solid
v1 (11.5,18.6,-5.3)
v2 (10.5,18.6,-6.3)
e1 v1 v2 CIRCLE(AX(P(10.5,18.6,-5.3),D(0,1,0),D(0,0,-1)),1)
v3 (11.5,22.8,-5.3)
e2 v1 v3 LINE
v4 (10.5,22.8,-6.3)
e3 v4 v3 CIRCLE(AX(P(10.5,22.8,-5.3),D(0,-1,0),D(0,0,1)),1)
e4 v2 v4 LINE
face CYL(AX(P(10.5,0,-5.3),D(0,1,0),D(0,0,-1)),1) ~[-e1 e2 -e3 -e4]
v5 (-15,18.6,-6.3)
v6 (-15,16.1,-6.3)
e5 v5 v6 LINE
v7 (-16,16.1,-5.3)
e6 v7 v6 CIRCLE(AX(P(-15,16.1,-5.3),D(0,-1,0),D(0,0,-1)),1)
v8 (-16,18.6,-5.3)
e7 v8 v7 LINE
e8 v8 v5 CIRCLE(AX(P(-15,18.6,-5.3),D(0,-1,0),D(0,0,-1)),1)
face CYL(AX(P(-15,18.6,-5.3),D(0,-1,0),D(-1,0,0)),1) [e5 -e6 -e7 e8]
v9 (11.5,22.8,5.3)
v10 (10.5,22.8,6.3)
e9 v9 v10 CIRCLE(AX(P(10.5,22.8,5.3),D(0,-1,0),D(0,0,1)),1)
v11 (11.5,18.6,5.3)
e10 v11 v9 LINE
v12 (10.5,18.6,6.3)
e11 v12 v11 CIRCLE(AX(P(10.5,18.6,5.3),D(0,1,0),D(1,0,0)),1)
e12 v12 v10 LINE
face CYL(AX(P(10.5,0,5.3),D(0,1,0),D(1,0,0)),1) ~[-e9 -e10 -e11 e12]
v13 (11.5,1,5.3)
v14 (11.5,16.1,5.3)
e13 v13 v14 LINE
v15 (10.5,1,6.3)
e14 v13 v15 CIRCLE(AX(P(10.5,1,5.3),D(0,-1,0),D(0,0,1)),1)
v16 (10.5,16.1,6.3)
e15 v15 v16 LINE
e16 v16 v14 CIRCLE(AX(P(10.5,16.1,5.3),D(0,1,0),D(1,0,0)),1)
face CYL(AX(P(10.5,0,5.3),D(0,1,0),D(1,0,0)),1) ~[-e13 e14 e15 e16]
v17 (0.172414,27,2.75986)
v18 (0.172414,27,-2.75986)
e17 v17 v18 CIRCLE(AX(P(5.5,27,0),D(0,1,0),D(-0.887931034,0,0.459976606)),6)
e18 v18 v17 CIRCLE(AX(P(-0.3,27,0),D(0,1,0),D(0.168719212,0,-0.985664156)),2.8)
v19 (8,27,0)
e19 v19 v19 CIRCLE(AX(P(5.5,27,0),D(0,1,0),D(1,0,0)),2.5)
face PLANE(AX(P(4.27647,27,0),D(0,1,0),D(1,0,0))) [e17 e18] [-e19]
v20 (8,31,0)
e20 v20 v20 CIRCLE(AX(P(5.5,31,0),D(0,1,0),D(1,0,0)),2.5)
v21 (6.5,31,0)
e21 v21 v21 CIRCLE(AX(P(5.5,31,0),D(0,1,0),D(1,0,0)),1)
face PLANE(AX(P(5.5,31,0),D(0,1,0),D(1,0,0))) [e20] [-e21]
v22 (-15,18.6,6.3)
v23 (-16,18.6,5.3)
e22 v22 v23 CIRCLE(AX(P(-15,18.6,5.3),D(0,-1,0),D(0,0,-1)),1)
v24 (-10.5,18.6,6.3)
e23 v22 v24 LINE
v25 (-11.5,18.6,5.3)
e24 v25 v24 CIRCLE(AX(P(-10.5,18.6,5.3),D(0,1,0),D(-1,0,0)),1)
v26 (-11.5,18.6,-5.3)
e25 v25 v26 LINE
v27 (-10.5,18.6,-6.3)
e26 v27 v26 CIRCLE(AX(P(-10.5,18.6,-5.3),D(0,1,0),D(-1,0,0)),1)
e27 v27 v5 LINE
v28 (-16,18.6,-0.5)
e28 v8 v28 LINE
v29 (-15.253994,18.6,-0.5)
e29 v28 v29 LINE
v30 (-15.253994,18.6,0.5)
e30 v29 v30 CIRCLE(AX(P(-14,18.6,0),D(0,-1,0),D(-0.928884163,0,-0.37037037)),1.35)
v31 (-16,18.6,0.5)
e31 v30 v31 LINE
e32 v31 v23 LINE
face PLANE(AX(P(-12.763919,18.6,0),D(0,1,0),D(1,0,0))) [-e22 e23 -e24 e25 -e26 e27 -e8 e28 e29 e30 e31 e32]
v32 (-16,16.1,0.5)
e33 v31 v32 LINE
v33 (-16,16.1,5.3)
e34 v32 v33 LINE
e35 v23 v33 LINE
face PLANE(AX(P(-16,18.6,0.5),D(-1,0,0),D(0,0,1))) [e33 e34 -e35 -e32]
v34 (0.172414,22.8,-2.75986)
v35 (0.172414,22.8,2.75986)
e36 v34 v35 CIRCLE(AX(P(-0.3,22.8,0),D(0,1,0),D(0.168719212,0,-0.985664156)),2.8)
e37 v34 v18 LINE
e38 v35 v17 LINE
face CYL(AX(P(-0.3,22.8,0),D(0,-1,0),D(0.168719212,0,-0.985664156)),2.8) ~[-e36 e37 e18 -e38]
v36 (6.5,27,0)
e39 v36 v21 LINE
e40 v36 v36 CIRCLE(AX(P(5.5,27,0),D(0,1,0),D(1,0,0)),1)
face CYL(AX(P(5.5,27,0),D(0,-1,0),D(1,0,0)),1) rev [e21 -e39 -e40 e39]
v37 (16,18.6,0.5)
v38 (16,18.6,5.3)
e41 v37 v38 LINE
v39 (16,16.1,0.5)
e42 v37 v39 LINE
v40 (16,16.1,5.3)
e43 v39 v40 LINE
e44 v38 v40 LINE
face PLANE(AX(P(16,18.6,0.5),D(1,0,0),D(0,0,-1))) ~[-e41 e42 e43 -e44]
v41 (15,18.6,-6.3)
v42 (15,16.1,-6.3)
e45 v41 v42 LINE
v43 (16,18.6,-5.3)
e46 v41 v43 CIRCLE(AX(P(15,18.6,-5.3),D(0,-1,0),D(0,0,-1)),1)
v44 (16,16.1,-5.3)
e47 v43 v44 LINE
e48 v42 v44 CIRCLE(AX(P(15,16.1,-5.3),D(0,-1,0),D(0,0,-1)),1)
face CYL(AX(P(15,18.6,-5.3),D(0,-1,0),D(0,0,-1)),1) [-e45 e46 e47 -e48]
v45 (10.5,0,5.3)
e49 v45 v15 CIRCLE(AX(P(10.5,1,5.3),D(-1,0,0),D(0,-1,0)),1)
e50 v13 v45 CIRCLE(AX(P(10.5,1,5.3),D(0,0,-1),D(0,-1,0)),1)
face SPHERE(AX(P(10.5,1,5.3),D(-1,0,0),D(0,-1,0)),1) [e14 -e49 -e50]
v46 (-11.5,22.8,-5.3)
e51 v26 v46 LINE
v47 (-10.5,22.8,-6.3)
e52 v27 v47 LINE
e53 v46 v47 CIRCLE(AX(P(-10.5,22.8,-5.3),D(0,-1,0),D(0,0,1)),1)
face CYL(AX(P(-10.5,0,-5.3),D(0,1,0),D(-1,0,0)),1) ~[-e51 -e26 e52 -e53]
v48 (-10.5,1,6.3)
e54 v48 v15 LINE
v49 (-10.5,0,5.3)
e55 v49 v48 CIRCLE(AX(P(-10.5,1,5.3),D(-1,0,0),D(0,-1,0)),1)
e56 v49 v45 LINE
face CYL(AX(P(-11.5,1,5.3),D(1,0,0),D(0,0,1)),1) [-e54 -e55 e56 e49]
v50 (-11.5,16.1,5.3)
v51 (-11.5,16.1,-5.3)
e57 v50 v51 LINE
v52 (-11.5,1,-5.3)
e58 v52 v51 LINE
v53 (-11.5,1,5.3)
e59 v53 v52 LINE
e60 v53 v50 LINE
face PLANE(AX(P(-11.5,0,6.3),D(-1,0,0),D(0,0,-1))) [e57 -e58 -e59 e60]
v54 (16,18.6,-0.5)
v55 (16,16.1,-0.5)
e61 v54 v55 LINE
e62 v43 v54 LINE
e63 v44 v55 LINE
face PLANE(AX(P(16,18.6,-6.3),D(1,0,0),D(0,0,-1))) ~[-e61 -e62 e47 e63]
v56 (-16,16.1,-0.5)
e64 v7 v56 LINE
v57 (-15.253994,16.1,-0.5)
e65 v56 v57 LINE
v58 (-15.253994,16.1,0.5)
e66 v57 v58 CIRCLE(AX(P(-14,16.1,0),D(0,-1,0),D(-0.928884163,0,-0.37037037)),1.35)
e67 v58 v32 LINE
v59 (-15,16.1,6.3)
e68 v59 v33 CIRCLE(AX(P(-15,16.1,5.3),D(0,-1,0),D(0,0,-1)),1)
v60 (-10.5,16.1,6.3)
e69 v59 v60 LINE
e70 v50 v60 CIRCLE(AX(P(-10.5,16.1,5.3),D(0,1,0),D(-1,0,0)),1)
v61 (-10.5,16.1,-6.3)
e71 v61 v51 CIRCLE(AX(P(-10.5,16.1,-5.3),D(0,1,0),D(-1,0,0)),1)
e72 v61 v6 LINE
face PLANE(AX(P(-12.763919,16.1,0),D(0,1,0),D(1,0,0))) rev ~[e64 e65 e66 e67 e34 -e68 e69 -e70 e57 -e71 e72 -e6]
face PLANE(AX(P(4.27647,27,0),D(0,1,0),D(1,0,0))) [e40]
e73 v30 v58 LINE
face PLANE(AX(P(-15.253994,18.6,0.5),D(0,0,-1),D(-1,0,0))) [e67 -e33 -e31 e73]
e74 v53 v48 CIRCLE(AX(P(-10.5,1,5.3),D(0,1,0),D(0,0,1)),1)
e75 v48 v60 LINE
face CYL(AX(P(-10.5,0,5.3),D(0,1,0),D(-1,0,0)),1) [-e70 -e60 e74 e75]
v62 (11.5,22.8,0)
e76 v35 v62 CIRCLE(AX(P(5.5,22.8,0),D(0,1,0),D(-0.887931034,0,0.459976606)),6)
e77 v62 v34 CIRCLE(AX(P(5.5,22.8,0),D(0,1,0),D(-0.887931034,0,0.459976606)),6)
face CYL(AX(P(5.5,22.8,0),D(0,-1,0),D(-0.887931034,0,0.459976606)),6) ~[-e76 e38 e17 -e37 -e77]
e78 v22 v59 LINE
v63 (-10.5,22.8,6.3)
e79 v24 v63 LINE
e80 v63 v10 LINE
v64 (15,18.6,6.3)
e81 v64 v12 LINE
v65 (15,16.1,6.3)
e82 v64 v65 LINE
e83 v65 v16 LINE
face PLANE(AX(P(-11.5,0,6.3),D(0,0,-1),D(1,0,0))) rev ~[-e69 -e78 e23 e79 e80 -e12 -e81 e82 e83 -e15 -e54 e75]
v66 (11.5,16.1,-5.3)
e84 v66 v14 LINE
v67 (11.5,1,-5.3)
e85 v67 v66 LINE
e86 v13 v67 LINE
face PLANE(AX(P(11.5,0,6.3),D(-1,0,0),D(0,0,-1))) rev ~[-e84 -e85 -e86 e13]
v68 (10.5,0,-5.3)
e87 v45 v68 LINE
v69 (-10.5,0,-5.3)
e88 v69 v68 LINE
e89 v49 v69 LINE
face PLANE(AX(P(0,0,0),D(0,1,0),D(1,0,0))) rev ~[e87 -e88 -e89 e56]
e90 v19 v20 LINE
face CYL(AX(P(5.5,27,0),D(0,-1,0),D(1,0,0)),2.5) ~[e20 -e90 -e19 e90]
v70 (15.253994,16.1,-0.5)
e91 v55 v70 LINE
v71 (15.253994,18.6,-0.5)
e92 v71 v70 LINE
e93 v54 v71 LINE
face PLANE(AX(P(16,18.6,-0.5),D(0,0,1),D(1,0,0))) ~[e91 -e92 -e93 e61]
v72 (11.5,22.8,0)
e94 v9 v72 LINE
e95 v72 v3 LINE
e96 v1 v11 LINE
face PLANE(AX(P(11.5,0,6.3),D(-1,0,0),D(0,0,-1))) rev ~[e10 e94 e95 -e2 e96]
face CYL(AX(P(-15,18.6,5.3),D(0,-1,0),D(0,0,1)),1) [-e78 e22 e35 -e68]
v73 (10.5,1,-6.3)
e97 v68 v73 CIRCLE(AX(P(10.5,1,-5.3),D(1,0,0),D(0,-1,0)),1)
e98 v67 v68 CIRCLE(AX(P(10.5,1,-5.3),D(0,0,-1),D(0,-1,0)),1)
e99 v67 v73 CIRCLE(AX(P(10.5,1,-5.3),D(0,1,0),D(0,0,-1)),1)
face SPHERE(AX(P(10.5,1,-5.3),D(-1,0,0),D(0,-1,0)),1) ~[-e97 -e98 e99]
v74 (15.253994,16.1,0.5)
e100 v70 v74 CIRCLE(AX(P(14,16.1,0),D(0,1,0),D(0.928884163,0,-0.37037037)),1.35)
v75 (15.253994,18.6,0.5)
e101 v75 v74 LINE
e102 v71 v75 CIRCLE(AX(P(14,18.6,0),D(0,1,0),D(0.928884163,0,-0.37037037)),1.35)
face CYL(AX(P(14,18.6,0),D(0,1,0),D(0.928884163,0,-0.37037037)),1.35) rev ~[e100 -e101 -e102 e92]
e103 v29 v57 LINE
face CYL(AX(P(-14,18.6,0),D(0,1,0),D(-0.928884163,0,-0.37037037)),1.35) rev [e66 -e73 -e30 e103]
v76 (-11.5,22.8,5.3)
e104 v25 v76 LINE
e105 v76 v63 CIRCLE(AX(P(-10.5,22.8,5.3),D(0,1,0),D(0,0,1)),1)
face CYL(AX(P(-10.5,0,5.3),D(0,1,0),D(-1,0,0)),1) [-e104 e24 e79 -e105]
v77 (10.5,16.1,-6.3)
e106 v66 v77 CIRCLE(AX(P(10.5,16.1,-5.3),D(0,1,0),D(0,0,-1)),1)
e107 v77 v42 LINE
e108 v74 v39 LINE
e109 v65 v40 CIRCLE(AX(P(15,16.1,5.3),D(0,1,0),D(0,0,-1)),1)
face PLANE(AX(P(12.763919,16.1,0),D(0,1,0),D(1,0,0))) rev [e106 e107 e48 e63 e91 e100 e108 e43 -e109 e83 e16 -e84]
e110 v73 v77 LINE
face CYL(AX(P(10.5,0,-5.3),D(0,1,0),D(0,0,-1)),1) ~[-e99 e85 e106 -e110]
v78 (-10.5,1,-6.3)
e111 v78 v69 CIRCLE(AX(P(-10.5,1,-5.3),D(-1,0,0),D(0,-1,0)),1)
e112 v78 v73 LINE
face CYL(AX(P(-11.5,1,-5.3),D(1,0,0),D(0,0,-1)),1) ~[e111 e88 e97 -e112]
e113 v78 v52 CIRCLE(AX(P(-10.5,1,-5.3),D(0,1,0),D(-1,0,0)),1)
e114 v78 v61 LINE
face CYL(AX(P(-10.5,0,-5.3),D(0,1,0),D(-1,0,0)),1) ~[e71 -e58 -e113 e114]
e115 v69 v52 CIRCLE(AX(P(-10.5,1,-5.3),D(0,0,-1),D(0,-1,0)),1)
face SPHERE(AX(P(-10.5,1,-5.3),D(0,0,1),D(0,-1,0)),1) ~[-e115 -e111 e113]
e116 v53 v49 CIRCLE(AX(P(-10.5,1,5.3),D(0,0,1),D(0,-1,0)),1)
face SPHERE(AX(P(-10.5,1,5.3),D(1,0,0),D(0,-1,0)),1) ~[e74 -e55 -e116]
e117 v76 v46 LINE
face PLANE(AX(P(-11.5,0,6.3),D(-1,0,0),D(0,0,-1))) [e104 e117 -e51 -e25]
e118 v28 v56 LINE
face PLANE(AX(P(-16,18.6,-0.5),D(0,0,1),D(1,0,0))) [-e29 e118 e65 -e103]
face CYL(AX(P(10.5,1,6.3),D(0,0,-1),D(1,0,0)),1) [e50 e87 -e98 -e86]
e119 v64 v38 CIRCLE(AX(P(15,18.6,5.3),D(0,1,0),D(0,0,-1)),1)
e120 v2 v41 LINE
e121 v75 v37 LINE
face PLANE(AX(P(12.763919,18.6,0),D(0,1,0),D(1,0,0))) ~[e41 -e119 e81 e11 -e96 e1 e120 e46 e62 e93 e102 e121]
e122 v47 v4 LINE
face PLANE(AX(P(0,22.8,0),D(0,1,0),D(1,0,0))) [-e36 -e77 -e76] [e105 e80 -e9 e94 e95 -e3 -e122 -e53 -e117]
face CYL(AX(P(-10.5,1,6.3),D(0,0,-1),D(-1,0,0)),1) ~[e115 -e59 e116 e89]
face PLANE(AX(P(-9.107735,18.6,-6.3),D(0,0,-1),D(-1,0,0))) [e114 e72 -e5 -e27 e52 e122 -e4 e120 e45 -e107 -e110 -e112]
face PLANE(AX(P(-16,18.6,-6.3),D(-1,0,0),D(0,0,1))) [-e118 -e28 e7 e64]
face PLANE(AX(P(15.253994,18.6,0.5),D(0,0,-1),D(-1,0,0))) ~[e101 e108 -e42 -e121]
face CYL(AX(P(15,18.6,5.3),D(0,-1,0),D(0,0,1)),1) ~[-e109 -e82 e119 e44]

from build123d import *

# Parameters (mm, degrees)
SKETCH1_W            = 23
SKETCH1_H            = 12.6
BOSS_EXTRUDE1_DEPTH  = 22.8
BOSS_EXTRUDE2_DEPTH  = 4.2
SKETCH3_R            = 2.5
SKETCH3_R_2          = 1
EXTRUDE_THIN1_DEPTH  = 4
FILLET1_R            = 1
BOSS_EXTRUDE4_START  = -4.2
BOSS_EXTRUDE4_DEPTH  = 2.5
FILLET2_R            = 1
FILLET2_OF_MIRROR1_R = 1


with BuildPart() as part:
    # Sketch1 → Boss-Extrude1 (new body)
    with BuildSketch(Plane(origin=(0, 0, 0), x_dir=(1, 0, 0), z_dir=(0, 1, 0))):
        Rectangle(SKETCH1_W, SKETCH1_H)
    extrude(amount=BOSS_EXTRUDE1_DEPTH)

    # Sketch2 → Boss-Extrude2 (add)
    with BuildSketch(Plane(origin=(0, 22.8, 0), x_dir=(1, 0, 0), z_dir=(0, 1, 0))):
        with BuildLine():
            ThreePointArc((0.172413793, -2.759859636), (11.5, 0), (0.172413793, 2.759859636))
            ThreePointArc((0.172413793, 2.759859636), (-3.1, 0), (0.172413793, -2.759859636))
        make_face()
    extrude(amount=BOSS_EXTRUDE2_DEPTH)

    # Sketch3 → Extrude-Thin1 (add)
    with BuildSketch(Plane(origin=(0, 27, 0), x_dir=(1, 0, 0), z_dir=(0, 1, 0))):
        with Locations((5.5, 0)):
            Circle(SKETCH3_R)
        with Locations((5.5, 0)):
            Circle(SKETCH3_R_2, mode=Mode.SUBTRACT)
    extrude(amount=EXTRUDE_THIN1_DEPTH)

    # Fillet1
    fillet1_edges = [part.edges().sort_by_distance(p)[0] for p in [
        (0, 0, 6.3),
        (-11.5, 0, 0),
        (0, 0, -6.3),
        (11.5, 0, 0),
        (11.5, 11.4, 6.3),
        (-11.5, 11.4, 6.3),
        (-11.5, 11.4, -6.3),
        (11.5, 11.4, -6.3),
    ]]
    fillet(fillet1_edges, radius=FILLET1_R)

    # Sketch4 → Boss-Extrude4 (add)
    with BuildSketch(Plane(origin=(0, 22.8, 0), x_dir=(1, 0, 0), z_dir=(0, 1, 0)).offset(BOSS_EXTRUDE4_START)):
        with BuildLine():
            Line((-9.107735151, 6.3), (-16, 6.3))
            Line((-16, 6.3), (-16, 0.5))
            Line((-16, 0.5), (-15.25399362, 0.5))
            ThreePointArc((-15.25399362, 0.5), (-12.65, 0), (-15.25399362, -0.5))
            Line((-15.25399362, -0.5), (-16, -0.5))
            Line((-16, -0.5), (-16, -6.3))
            Line((-16, -6.3), (-9.107735151, -6.3))
            Line((-9.107735151, -6.3), (-9.107735151, 6.3))
        make_face()
    boss_extrude4 = extrude(amount=-BOSS_EXTRUDE4_DEPTH)

    # Fillet2
    fillet2_edges = [part.edges().sort_by_distance(p)[0] for p in [
        (-16, 17.35, -6.3),
        (-16, 17.35, 6.3),
    ]]
    fillet(fillet2_edges, radius=FILLET2_R)

    # Mirror1: Boss-Extrude4 across plane
    add(boss_extrude4.mirror(Plane(origin=(0, 0, 0), x_dir=(0, 0, 1), z_dir=(1, 0, 0))))

    # Fillet2 of Mirror1
    fillet2_of_mirror1_edges = [part.edges().sort_by_distance(p)[0] for p in [
        (16, 17.35, -6.3),
        (16, 17.35, 6.3),
    ]]
    fillet(fillet2_of_mirror1_edges, radius=FILLET2_OF_MIRROR1_R)


solid = part.part
